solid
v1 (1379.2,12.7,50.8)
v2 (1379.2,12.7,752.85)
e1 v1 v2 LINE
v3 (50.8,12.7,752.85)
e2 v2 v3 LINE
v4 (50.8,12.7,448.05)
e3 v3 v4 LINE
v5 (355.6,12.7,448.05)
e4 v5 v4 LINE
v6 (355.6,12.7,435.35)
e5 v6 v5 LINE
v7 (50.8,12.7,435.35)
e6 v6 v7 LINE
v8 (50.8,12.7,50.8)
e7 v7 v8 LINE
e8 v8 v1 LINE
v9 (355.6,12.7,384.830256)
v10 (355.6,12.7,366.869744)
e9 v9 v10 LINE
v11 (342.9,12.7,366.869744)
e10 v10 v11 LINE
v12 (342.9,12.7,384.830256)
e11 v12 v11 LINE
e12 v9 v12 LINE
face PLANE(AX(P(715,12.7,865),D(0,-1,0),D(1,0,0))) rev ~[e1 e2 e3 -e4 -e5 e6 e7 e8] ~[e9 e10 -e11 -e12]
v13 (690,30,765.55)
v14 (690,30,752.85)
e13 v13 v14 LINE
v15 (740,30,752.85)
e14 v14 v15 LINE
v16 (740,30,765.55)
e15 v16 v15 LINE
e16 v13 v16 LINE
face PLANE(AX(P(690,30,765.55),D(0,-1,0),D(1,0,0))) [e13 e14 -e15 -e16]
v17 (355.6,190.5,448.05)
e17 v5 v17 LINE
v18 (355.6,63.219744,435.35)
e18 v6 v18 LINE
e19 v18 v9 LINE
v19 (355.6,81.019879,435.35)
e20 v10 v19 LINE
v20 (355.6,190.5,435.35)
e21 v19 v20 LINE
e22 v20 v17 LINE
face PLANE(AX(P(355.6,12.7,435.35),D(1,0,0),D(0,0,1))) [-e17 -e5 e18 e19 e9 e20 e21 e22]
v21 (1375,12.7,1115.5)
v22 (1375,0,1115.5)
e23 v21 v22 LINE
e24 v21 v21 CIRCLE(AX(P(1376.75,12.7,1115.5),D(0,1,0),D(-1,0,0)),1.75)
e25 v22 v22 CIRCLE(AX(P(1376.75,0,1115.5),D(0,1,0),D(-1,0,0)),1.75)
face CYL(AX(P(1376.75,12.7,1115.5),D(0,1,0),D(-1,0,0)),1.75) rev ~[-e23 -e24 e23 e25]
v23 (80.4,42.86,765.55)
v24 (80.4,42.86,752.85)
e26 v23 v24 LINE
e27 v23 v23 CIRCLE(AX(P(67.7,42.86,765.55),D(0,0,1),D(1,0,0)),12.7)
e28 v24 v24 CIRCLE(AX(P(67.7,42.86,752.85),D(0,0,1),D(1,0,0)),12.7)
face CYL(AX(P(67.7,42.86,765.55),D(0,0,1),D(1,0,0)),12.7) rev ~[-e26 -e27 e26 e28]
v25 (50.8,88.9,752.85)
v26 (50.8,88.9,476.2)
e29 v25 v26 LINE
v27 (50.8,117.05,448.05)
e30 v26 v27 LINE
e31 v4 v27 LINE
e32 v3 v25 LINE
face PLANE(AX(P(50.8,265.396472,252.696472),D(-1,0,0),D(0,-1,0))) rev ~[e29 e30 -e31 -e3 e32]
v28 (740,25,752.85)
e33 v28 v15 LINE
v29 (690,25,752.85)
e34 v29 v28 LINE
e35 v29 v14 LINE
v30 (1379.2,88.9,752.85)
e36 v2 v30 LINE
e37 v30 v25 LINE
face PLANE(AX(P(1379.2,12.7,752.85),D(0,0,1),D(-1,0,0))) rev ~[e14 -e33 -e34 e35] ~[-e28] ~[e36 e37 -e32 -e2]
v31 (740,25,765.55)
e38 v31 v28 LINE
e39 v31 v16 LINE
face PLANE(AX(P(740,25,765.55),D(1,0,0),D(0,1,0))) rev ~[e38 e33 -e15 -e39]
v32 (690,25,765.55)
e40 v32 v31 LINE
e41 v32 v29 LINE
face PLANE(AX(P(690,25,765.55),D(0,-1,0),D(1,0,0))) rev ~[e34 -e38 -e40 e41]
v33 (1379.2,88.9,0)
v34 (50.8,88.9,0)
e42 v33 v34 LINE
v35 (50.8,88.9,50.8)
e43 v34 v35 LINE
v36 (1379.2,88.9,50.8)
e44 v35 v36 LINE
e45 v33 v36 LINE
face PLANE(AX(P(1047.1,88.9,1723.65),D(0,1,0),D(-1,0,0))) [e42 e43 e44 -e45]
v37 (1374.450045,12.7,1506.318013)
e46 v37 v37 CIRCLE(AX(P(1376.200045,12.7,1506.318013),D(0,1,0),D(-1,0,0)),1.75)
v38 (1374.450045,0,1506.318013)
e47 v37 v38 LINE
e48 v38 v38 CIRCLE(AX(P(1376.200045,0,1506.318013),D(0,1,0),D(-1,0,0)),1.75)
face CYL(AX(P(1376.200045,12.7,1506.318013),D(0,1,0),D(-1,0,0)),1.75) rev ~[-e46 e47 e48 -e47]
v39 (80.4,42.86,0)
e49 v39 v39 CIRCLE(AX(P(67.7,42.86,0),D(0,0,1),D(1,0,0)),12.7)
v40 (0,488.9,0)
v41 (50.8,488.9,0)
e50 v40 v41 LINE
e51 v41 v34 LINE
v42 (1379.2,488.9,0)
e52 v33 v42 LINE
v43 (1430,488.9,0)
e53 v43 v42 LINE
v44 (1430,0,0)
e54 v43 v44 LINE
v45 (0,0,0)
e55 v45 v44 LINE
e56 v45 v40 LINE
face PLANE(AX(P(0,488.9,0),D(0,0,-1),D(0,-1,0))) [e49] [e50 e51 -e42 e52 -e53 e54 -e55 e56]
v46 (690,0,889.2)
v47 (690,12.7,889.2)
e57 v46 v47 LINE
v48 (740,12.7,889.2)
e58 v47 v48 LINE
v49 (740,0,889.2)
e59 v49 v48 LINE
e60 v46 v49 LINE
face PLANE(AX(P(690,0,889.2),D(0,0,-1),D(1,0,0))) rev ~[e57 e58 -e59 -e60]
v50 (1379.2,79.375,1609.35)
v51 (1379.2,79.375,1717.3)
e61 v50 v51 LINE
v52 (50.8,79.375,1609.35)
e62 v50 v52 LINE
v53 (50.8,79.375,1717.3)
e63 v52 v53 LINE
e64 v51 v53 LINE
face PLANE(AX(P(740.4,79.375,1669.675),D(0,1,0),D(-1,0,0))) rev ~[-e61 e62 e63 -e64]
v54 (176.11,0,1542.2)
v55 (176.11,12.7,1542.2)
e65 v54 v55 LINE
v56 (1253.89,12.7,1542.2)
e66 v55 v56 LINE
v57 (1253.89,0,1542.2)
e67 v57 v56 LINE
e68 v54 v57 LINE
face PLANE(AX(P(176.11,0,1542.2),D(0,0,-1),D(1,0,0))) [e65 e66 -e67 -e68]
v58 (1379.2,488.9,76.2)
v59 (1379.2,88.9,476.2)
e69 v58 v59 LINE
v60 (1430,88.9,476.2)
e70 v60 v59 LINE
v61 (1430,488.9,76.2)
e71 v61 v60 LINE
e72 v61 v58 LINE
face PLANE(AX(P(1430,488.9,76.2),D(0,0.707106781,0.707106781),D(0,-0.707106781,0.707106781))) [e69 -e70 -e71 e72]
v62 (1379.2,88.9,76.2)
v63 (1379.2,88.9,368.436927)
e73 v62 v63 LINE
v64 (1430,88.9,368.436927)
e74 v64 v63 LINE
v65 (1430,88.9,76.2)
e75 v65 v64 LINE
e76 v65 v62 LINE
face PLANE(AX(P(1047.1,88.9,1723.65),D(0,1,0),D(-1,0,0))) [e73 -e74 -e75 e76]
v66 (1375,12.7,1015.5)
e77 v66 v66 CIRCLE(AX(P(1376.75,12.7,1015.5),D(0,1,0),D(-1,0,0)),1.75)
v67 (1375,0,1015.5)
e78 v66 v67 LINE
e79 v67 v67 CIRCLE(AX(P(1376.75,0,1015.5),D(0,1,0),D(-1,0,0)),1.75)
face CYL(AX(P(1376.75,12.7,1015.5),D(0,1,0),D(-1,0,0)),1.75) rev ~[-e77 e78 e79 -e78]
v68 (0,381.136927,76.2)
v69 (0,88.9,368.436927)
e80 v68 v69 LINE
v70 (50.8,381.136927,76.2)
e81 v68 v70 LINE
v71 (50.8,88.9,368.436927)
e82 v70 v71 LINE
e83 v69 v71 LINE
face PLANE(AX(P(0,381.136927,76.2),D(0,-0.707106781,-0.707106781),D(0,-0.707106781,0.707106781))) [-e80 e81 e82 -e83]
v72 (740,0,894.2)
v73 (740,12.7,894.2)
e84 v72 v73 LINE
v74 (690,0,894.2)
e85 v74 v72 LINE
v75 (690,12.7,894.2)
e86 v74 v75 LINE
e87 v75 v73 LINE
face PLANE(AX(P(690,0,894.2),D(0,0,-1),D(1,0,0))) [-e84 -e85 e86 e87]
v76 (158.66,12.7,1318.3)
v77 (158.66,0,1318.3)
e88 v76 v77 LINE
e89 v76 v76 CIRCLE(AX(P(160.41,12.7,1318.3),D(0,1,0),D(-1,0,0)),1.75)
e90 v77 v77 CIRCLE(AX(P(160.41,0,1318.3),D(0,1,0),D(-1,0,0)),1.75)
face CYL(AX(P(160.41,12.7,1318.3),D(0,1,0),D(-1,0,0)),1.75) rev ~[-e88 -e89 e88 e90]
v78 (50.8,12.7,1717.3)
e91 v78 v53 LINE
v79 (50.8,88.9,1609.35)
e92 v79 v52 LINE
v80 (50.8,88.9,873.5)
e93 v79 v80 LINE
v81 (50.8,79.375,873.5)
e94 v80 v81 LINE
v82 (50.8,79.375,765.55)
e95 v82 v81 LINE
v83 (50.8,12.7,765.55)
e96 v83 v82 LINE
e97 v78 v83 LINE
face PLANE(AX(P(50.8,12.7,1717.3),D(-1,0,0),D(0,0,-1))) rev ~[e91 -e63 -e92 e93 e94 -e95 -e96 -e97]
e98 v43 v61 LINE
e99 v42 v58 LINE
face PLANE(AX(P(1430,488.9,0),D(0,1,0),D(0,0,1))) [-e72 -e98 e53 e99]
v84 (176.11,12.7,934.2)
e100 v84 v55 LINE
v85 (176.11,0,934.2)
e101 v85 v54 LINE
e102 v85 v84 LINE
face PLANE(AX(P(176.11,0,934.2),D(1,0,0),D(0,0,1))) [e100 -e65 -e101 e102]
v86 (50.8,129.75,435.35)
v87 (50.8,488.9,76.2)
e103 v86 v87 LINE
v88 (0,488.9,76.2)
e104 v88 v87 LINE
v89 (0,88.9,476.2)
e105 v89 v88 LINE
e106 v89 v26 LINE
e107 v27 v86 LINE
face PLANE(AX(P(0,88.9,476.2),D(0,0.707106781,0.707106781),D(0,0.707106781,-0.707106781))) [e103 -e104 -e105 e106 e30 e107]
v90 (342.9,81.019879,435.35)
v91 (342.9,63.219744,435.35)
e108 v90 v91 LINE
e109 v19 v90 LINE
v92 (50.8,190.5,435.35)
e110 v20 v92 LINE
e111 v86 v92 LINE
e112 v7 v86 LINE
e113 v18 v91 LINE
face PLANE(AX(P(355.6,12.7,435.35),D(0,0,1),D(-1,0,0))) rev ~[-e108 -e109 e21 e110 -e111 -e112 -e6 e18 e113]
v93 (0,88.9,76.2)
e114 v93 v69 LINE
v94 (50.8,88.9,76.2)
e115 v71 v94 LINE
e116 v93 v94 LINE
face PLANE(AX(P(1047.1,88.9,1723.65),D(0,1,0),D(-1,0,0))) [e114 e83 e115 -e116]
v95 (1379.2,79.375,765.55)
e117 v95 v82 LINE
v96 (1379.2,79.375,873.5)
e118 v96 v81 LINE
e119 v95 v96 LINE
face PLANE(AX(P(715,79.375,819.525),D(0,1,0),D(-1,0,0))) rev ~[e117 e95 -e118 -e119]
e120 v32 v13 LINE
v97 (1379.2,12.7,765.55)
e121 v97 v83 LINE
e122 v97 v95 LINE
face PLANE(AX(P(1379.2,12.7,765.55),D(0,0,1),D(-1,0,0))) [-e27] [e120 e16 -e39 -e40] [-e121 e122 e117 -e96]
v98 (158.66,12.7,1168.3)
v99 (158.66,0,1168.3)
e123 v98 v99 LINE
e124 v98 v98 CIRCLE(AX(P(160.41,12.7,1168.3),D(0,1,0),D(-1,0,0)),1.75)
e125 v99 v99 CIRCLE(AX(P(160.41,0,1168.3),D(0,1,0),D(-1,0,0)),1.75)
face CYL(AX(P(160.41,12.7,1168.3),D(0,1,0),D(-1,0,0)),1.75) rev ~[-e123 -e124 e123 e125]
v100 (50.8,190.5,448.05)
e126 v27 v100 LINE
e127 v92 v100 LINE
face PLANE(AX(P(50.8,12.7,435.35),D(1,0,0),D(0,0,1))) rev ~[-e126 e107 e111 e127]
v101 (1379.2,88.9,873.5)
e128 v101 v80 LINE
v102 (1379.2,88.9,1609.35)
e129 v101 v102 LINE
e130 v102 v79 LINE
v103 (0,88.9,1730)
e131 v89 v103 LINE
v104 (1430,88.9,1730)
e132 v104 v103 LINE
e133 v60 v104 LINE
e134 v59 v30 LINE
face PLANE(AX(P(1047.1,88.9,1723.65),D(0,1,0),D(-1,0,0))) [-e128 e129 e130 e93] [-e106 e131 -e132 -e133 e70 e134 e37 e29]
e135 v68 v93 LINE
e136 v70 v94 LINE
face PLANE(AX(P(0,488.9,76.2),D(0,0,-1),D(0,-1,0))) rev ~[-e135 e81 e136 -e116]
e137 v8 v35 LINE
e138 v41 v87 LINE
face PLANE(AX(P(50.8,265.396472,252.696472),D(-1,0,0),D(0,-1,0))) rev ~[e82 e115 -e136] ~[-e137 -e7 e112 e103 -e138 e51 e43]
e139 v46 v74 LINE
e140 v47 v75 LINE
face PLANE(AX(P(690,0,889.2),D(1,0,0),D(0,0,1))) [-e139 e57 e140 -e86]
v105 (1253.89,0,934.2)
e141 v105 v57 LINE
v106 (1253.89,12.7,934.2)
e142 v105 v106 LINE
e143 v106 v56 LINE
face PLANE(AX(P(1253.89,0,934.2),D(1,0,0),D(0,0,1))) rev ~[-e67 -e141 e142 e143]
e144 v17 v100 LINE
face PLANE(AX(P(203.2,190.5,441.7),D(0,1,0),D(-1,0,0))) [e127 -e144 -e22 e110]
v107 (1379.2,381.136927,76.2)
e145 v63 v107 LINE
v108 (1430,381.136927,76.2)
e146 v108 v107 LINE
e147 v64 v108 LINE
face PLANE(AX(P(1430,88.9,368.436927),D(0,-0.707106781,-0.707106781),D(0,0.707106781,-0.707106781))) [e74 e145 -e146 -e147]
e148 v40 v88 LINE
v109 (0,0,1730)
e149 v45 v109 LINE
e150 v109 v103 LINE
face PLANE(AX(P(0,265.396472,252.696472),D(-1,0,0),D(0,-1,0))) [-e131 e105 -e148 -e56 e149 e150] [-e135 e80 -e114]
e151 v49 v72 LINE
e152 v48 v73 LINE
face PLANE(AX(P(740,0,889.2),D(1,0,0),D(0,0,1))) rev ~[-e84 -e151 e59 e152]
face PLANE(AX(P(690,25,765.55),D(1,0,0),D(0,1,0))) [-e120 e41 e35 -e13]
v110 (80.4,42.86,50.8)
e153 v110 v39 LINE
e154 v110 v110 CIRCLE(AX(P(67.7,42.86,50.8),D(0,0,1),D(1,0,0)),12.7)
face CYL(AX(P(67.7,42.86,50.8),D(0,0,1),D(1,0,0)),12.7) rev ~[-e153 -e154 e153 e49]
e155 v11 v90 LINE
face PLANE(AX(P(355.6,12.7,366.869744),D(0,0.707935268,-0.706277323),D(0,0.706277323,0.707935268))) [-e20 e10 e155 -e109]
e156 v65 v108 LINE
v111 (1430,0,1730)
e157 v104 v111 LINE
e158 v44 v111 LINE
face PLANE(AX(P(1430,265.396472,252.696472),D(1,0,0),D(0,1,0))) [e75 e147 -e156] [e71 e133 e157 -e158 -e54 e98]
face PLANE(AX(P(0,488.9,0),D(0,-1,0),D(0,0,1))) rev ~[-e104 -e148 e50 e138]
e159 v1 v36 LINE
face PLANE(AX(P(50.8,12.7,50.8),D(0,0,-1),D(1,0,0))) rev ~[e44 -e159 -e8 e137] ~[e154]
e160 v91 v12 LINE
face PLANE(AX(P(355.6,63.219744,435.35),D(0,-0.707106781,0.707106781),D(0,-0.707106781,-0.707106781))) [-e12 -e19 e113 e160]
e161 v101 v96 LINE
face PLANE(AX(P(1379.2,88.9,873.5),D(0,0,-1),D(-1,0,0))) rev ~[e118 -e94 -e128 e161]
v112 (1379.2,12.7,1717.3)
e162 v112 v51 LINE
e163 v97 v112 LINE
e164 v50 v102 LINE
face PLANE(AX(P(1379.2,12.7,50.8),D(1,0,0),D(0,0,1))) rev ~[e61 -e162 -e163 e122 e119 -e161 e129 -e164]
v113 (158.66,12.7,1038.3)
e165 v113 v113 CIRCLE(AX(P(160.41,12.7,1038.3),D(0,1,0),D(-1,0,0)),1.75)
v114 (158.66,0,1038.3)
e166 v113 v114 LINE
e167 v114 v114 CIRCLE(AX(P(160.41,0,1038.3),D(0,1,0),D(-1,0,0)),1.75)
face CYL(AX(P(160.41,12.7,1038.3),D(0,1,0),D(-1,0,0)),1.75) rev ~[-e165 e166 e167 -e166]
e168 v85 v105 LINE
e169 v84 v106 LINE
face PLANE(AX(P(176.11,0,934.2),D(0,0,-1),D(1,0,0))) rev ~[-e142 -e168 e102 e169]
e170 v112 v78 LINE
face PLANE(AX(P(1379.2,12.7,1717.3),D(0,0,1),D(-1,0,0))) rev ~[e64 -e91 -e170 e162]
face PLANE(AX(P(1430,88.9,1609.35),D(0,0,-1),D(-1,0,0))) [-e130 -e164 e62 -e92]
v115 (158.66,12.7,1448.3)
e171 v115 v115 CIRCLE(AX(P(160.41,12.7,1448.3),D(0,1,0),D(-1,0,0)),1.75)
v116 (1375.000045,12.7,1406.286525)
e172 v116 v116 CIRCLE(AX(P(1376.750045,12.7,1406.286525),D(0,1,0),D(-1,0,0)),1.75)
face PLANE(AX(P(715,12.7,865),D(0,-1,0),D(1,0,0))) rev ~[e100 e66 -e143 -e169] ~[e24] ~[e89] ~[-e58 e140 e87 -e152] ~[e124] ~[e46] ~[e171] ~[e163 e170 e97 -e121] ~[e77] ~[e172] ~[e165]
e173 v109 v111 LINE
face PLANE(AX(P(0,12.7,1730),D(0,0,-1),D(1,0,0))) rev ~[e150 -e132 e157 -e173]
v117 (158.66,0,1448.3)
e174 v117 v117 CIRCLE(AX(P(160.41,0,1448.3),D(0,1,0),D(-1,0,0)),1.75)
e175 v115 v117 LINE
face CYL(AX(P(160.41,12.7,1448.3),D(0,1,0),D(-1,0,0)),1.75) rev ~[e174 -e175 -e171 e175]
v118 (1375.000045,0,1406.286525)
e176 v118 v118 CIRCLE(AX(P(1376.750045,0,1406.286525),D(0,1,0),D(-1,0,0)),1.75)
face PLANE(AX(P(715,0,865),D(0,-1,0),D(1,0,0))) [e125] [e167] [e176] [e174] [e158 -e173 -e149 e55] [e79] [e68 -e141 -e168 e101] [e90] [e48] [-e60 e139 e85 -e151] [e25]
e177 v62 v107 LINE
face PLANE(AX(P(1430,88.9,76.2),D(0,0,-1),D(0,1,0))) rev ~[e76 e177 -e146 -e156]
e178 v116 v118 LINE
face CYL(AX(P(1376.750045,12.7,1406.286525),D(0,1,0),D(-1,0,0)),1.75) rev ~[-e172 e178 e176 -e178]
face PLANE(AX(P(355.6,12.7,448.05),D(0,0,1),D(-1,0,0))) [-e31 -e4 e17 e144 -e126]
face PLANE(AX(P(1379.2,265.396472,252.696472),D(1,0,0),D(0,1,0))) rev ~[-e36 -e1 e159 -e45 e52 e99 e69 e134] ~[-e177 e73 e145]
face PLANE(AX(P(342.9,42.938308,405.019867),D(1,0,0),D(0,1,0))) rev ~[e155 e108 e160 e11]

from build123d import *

# Parameters (mm, degrees)
F0_W      = 1430
F0_H      = 1730
F0_W_2    = 50
F0_H_2    = 5
F0_W_3    = 1077.78
F0_H_3    = 608
F1_DEPTH  = 12.7
F2_W      = 664.2
F2_H      = 12.7
F2_W_2    = 50.8
F2_H_2    = 50.8
F3_DEPTH  = 76.2
F4_W      = 1328.4
F4_H      = 12.7
F5_DEPTH  = 76.2
F6_W      = 1379.2
F6_H      = 120.65
F6_W_2    = 1328.4
F6_H_2    = 107.95
F7_DEPTH  = 9.525
F8_W      = 400
F8_H      = 76.2
F9_DEPTH  = 50.8
F11_DEPTH = 50.8
F12_R     = 12.7
F12_W     = 50
F12_H     = 5
F13_DEPTH = 12.7
F15_W     = 400
F15_H     = 76.2
F16_DEPTH = 50.8
F18_DEPTH = 50.8
F19_R     = 1.75
F20_DEPTH = 12.701
F14_R     = 12.7
F21_DEPTH = 50.801
F22_W     = 304.8
F22_H     = 12.7
F23_DEPTH = 177.8
F25_DEPTH = 12.7


with BuildPart() as f1:
    # F0 (on Front) → F1 (new body)
    with BuildSketch(Plane.XZ):
        with Locations((715, 865)):
            Rectangle(F0_W, F0_H)
        with Locations((715, 891.7)):
            Rectangle(F0_W_2, F0_H_2, mode=Mode.SUBTRACT)
        with Locations((715, 1238.2)):
            Rectangle(F0_W_3, F0_H_3, mode=Mode.SUBTRACT)
    extrude(amount=-F1_DEPTH)

    # F2 (on face) → F3 (join)
    with BuildSketch(Plane(origin=(0, 12.7, 0), x_dir=(-1, 0, 0), z_dir=(0, 1, 0))):
        with Locations((-1047.1, 1723.65)):
            Rectangle(F2_W, F2_H)
        with Locations((-1404.6, 1723.65)):
            Rectangle(F2_W_2, F2_H)
        Polygon((-1379.2, 50.8), (-1379.2, 1717.3), (-1430, 1717.3), (-1430, 737.95), (-1430, 718.9), (-1430, 50.8), align=None)
        with Locations((-382.9, 1723.65)):
            Rectangle(F2_W, F2_H)
        with Locations((-1047.1, 25.4)):
            Rectangle(F2_W, F2_H_2)
        with Locations((-1404.6, 25.4)):
            Rectangle(F2_W_2, F2_H_2)
        with Locations((-25.4, 1723.65)):
            Rectangle(F2_W_2, F2_H)
        with Locations((-382.9, 25.4)):
            Rectangle(F2_W, F2_H_2)
        Polygon((0, 1717.3), (-50.8, 1717.3), (-50.8, 50.8), (0, 50.8), (0, 718.9), (0, 737.95), align=None)
        with Locations((-25.4, 25.4)):
            Rectangle(F2_W_2, F2_H_2)
    extrude(amount=F3_DEPTH)

    # F4 (on face) → F5 (join)
    with BuildSketch(Plane(origin=(0, 12.7, 0), x_dir=(-1, 0, 0), z_dir=(0, 1, 0))):
        with Locations((-715, 759.2)):
            Rectangle(F4_W, F4_H)
    extrude(amount=F5_DEPTH)

    # F6 (on face) → F7 (join)
    with BuildSketch(Plane(origin=(0, 88.9, 0), x_dir=(-1, 0, 0), z_dir=(0, 1, 0))):
        with Locations((-740.4, 1669.675)):
            Rectangle(F6_W, F6_H)
        with Locations((-715, 819.525)):
            Rectangle(F6_W_2, F6_H_2)
    extrude(amount=-F7_DEPTH)

    # F8 (on face) → F9 (join)
    with BuildSketch(Plane.YZ.offset(1430)):
        with Locations((288.9, 38.1)):
            Rectangle(F8_W, F8_H)
    extrude(amount=-F9_DEPTH)

    # F10 (on face) → F11 (join)
    with BuildSketch(Plane.YZ.offset(1430)):
        Polygon((381.1369265472, 76.2), (488.9, 76.2), (88.9, 476.2), (88.9, 368.4369265472), align=None)
    extrude(amount=-F11_DEPTH)

    # F12 (on face) → F13 (cut, through all)
    with BuildSketch(Plane.XY.offset(765.55)):
        with Locations((67.7, 42.86)):
            Circle(F12_R)
        with Locations((715, 27.5)):
            Rectangle(F12_W, F12_H)
    extrude(amount=-F13_DEPTH, mode=Mode.SUBTRACT)

    # F15 (on face) → F16 (join)
    with BuildSketch(Plane(origin=(0, 0, 0), x_dir=(0, -1, 0), z_dir=(-1, 0, 0))):
        with Locations((-288.9, 38.1)):
            Rectangle(F15_W, F15_H)
    extrude(amount=-F16_DEPTH)

    # F17 (on face) → F18 (join)
    with BuildSketch(Plane(origin=(0, 0, 0), x_dir=(0, -1, 0), z_dir=(-1, 0, 0))):
        Polygon((-88.9, 476.2), (-488.9, 76.2), (-381.1369265472, 76.2), (-88.9, 368.4369265472), align=None)
    extrude(amount=-F18_DEPTH)

    # F19 (on face) → F20 (cut, through all)
    with BuildSketch(Plane(origin=(0, 12.7, 0), x_dir=(-1, 0, 0), z_dir=(0, 1, 0))):
        with Locations((-1376.7500453753, 1406.2865250229)):
            Circle(F19_R)
        with Locations((-1376.2000453753, 1506.3180125114)):
            Circle(F19_R)
        with Locations((-1376.75, 1115.5)):
            Circle(F19_R)
        with Locations((-1376.75, 1015.5)):
            Circle(F19_R)
        with Locations((-160.41, 1448.3)):
            Circle(F19_R)
        with Locations((-160.41, 1318.3)):
            Circle(F19_R)
        with Locations((-160.41, 1168.3)):
            Circle(F19_R)
        with Locations((-160.41, 1038.3)):
            Circle(F19_R)
    extrude(amount=-F20_DEPTH, mode=Mode.SUBTRACT)

    # F14 (on face) → F21 (cut, through all)
    with BuildSketch(Plane.XY.offset(50.8)):
        with Locations((67.7, 42.86)):
            Circle(F14_R)
    extrude(amount=-F21_DEPTH, mode=Mode.SUBTRACT)

    # F22 (on face) → F23 (join)
    with BuildSketch(Plane(origin=(0, 12.7, 0), x_dir=(-1, 0, 0), z_dir=(0, 1, 0))):
        with Locations((-203.2, 441.7)):
            Rectangle(F22_W, F22_H)
    extrude(amount=F23_DEPTH)

    # F24 (on face) → F25 (join)
    with BuildSketch(Plane.YZ.offset(355.6)):
        Polygon((81.0198792071, 435.35), (63.2197438789, 435.35), (12.7, 384.8302561211), (12.7, 375.85), (12.7, 366.8697438789), align=None)
    extrude(amount=-F25_DEPTH)


solid = f1.part
